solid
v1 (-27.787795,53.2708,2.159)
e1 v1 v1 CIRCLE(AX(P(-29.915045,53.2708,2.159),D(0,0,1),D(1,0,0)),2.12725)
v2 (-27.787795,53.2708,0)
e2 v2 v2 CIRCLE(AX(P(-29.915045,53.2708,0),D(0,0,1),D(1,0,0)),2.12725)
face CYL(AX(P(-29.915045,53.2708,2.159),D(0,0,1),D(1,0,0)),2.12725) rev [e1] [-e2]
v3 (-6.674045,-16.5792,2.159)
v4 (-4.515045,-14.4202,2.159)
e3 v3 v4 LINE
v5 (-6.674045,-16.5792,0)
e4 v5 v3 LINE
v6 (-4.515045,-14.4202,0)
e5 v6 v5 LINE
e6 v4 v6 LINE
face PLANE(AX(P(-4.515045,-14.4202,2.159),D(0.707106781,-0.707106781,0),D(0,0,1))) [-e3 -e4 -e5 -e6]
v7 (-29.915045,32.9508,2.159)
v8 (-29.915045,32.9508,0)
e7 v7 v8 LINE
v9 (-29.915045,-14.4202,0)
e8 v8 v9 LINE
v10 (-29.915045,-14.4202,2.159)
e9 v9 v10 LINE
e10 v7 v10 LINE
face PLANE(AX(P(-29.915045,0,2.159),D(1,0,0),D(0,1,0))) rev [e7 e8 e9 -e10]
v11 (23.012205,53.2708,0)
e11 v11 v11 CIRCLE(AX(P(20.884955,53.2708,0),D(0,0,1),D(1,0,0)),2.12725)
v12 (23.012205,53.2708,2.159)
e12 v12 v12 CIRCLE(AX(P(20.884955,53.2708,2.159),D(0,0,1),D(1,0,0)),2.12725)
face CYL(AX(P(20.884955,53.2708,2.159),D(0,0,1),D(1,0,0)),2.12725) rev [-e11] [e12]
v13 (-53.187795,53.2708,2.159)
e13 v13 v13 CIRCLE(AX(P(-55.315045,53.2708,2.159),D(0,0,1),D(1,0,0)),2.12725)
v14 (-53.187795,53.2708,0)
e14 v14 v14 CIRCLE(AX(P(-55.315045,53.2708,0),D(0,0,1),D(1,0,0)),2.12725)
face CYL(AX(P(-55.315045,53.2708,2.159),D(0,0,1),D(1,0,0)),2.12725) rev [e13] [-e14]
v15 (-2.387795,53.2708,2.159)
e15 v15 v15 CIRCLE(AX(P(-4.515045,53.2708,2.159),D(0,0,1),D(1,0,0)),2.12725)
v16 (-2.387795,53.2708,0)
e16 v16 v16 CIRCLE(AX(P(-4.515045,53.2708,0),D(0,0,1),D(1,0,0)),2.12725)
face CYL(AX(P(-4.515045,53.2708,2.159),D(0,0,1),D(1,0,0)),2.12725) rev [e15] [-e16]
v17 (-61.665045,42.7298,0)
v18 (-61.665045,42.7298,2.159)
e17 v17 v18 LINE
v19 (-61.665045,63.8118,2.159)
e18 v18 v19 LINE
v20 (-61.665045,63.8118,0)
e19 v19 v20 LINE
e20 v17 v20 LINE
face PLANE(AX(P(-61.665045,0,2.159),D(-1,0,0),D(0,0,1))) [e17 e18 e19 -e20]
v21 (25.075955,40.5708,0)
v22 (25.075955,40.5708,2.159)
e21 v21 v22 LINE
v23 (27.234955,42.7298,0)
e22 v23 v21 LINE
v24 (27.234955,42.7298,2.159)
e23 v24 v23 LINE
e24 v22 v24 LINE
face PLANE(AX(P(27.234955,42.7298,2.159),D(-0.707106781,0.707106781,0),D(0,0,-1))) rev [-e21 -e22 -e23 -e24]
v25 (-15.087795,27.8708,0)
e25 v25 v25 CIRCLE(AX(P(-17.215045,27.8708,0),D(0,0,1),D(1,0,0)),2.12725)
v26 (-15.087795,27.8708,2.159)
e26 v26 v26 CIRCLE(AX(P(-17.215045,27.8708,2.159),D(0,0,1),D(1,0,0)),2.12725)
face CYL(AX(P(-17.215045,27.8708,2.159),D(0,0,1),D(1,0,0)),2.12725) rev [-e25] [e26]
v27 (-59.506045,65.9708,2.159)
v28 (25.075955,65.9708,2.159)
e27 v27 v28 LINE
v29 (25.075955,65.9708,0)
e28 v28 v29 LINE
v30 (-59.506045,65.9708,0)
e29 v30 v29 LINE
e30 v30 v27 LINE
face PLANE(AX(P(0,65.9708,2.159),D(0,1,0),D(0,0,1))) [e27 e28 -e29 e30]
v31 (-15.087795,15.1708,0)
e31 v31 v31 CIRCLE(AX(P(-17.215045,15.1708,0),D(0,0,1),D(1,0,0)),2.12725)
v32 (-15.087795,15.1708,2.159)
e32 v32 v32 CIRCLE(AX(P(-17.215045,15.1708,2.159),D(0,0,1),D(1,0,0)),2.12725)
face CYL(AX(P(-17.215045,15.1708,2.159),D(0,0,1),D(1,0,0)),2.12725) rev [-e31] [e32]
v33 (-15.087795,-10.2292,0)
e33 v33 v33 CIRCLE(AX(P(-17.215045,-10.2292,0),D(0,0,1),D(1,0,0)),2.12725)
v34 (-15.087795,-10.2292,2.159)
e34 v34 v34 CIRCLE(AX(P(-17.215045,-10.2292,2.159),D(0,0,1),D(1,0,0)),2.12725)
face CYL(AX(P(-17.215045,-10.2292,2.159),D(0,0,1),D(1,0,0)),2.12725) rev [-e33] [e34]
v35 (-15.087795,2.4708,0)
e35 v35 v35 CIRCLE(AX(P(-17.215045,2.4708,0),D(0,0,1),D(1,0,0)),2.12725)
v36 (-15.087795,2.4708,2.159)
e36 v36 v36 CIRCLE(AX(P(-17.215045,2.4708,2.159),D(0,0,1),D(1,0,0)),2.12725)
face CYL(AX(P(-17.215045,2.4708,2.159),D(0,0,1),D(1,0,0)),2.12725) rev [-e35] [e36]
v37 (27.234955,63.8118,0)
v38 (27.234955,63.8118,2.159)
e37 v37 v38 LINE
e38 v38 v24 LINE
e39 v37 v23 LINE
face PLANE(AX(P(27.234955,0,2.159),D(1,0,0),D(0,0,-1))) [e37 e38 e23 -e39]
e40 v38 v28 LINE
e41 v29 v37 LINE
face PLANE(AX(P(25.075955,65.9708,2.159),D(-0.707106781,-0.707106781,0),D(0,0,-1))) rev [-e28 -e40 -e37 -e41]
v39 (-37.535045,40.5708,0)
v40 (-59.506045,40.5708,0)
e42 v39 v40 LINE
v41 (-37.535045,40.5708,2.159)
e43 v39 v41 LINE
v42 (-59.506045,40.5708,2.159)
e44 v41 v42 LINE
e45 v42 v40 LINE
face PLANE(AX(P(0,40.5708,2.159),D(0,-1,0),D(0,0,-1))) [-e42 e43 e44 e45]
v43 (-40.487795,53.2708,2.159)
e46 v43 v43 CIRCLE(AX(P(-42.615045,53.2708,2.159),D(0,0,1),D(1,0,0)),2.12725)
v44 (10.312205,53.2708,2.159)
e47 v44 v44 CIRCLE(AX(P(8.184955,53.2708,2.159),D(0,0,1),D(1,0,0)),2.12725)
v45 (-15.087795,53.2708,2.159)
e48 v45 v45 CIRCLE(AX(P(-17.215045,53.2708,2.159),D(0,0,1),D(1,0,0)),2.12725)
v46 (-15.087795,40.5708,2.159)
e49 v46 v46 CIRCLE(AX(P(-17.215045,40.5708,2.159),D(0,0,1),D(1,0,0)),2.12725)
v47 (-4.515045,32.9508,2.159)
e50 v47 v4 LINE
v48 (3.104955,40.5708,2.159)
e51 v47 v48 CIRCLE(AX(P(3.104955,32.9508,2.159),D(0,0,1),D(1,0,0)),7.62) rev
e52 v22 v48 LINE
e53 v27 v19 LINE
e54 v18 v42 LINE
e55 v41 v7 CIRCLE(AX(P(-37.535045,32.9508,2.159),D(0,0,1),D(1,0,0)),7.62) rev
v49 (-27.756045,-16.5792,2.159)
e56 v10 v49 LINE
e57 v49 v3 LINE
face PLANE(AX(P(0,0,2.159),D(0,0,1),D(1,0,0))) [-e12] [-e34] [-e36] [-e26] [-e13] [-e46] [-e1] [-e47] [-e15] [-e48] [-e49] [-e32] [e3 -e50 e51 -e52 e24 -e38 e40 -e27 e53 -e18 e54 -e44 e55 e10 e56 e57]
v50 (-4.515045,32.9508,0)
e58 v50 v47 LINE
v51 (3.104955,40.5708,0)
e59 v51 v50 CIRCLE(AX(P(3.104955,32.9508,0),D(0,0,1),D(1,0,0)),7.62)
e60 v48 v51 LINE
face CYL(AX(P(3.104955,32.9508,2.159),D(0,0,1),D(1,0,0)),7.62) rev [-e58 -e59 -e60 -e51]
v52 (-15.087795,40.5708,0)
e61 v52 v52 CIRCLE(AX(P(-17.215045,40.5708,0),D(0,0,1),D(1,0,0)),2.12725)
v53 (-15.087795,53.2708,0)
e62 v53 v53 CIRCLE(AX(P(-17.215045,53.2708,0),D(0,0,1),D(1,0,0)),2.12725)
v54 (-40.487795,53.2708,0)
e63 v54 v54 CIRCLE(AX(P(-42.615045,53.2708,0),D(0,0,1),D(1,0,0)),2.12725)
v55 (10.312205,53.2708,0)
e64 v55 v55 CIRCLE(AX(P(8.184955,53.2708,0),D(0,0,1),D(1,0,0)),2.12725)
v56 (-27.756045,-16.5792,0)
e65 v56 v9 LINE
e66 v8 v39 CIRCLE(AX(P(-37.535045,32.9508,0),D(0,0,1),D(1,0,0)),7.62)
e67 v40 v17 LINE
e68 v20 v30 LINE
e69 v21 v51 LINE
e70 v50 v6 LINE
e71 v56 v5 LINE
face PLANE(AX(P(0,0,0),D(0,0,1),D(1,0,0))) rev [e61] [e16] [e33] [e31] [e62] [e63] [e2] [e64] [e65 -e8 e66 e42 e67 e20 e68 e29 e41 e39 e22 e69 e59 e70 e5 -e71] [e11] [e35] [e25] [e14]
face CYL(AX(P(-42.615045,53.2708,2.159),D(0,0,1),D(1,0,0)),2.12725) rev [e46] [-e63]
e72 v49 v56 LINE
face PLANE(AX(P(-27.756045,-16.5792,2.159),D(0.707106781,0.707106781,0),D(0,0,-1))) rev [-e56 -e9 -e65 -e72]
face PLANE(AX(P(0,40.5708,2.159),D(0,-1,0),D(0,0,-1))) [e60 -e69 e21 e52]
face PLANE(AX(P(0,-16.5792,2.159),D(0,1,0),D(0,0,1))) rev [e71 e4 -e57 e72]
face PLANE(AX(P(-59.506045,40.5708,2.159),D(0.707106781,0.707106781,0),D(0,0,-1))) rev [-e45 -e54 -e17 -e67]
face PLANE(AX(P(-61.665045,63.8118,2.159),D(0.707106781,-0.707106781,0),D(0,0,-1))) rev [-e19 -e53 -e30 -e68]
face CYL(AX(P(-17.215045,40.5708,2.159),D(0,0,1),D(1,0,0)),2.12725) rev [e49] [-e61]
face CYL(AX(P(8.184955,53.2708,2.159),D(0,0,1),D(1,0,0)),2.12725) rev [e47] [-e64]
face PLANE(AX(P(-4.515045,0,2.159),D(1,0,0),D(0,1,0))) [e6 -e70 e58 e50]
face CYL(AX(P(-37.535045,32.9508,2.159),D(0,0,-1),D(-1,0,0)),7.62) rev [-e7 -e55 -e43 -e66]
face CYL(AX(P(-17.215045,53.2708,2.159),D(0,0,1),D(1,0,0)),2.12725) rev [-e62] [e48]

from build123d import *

# Parameters (mm, degrees)
SKETCH1_W                   = 25.4
SKETCH1_H                   = 57.15
BOSS_EXTRUDE1_DEPTH         = 2.159
FILLET1_R                   = 7.62
CHAMFER1_SIZE               = 2.159
F_1_4_0_25_DIAMETER_HOLE1_D = 4.2545


with BuildPart() as part:
    # Sketch1 → Boss-Extrude1 (new body)
    with BuildSketch(Plane.XY):
        Polygon((27.234954785, 40.570800108), (-4.515045215, 40.570800108), (-29.915045215, 40.570800108), (-61.665045215, 40.570800108), (-61.665045215, 65.970800108), (27.234954785, 65.970800108), align=None)
        with Locations((-17.215045215, 11.995800108)):
            Rectangle(SKETCH1_W, SKETCH1_H)
    extrude(amount=BOSS_EXTRUDE1_DEPTH)

    # Fillet1
    fillet1_edges = [part.edges().sort_by_distance(p)[0] for p in [
        (-4.515045215, 40.570800108, 1.0795),
        (-29.915045215, 40.570800108, 1.0795),
    ]]
    fillet(fillet1_edges, radius=FILLET1_R)

    # Chamfer1
    chamfer1_edges = [part.edges().sort_by_distance(p)[0] for p in [
        (-4.515045215, -16.579199892, 1.0795),
        (-29.915045215, -16.579199892, 1.0795),
        (-61.665045215, 40.570800108, 1.0795),
        (-61.665045215, 65.970800108, 1.0795),
        (27.234954785, 65.970800108, 1.0795),
        (27.234954785, 40.570800108, 1.0795),
    ]]
    chamfer(chamfer1_edges, length=CHAMFER1_SIZE)

    # 1/4 (0.25) Diameter Hole1 (through all)
    with Locations(Plane.XY.offset(2.159)):
        with Locations((-55.315045215, 53.270800108), (-42.615045215, 53.270800108), (-29.915045215, 53.270800108), (-17.215045215, 53.270800108), (-4.515045215, 53.270800108), (8.184954785, 53.270800108), (20.884954785, 53.270800108), (-17.215045215, 40.570800108), (-17.215045215, 27.870800108), (-17.215045215, 15.170800108), (-17.215045215, 2.470800108), (-17.215045215, -10.229199892)):
            Hole(F_1_4_0_25_DIAMETER_HOLE1_D / 2)


solid = part.part
